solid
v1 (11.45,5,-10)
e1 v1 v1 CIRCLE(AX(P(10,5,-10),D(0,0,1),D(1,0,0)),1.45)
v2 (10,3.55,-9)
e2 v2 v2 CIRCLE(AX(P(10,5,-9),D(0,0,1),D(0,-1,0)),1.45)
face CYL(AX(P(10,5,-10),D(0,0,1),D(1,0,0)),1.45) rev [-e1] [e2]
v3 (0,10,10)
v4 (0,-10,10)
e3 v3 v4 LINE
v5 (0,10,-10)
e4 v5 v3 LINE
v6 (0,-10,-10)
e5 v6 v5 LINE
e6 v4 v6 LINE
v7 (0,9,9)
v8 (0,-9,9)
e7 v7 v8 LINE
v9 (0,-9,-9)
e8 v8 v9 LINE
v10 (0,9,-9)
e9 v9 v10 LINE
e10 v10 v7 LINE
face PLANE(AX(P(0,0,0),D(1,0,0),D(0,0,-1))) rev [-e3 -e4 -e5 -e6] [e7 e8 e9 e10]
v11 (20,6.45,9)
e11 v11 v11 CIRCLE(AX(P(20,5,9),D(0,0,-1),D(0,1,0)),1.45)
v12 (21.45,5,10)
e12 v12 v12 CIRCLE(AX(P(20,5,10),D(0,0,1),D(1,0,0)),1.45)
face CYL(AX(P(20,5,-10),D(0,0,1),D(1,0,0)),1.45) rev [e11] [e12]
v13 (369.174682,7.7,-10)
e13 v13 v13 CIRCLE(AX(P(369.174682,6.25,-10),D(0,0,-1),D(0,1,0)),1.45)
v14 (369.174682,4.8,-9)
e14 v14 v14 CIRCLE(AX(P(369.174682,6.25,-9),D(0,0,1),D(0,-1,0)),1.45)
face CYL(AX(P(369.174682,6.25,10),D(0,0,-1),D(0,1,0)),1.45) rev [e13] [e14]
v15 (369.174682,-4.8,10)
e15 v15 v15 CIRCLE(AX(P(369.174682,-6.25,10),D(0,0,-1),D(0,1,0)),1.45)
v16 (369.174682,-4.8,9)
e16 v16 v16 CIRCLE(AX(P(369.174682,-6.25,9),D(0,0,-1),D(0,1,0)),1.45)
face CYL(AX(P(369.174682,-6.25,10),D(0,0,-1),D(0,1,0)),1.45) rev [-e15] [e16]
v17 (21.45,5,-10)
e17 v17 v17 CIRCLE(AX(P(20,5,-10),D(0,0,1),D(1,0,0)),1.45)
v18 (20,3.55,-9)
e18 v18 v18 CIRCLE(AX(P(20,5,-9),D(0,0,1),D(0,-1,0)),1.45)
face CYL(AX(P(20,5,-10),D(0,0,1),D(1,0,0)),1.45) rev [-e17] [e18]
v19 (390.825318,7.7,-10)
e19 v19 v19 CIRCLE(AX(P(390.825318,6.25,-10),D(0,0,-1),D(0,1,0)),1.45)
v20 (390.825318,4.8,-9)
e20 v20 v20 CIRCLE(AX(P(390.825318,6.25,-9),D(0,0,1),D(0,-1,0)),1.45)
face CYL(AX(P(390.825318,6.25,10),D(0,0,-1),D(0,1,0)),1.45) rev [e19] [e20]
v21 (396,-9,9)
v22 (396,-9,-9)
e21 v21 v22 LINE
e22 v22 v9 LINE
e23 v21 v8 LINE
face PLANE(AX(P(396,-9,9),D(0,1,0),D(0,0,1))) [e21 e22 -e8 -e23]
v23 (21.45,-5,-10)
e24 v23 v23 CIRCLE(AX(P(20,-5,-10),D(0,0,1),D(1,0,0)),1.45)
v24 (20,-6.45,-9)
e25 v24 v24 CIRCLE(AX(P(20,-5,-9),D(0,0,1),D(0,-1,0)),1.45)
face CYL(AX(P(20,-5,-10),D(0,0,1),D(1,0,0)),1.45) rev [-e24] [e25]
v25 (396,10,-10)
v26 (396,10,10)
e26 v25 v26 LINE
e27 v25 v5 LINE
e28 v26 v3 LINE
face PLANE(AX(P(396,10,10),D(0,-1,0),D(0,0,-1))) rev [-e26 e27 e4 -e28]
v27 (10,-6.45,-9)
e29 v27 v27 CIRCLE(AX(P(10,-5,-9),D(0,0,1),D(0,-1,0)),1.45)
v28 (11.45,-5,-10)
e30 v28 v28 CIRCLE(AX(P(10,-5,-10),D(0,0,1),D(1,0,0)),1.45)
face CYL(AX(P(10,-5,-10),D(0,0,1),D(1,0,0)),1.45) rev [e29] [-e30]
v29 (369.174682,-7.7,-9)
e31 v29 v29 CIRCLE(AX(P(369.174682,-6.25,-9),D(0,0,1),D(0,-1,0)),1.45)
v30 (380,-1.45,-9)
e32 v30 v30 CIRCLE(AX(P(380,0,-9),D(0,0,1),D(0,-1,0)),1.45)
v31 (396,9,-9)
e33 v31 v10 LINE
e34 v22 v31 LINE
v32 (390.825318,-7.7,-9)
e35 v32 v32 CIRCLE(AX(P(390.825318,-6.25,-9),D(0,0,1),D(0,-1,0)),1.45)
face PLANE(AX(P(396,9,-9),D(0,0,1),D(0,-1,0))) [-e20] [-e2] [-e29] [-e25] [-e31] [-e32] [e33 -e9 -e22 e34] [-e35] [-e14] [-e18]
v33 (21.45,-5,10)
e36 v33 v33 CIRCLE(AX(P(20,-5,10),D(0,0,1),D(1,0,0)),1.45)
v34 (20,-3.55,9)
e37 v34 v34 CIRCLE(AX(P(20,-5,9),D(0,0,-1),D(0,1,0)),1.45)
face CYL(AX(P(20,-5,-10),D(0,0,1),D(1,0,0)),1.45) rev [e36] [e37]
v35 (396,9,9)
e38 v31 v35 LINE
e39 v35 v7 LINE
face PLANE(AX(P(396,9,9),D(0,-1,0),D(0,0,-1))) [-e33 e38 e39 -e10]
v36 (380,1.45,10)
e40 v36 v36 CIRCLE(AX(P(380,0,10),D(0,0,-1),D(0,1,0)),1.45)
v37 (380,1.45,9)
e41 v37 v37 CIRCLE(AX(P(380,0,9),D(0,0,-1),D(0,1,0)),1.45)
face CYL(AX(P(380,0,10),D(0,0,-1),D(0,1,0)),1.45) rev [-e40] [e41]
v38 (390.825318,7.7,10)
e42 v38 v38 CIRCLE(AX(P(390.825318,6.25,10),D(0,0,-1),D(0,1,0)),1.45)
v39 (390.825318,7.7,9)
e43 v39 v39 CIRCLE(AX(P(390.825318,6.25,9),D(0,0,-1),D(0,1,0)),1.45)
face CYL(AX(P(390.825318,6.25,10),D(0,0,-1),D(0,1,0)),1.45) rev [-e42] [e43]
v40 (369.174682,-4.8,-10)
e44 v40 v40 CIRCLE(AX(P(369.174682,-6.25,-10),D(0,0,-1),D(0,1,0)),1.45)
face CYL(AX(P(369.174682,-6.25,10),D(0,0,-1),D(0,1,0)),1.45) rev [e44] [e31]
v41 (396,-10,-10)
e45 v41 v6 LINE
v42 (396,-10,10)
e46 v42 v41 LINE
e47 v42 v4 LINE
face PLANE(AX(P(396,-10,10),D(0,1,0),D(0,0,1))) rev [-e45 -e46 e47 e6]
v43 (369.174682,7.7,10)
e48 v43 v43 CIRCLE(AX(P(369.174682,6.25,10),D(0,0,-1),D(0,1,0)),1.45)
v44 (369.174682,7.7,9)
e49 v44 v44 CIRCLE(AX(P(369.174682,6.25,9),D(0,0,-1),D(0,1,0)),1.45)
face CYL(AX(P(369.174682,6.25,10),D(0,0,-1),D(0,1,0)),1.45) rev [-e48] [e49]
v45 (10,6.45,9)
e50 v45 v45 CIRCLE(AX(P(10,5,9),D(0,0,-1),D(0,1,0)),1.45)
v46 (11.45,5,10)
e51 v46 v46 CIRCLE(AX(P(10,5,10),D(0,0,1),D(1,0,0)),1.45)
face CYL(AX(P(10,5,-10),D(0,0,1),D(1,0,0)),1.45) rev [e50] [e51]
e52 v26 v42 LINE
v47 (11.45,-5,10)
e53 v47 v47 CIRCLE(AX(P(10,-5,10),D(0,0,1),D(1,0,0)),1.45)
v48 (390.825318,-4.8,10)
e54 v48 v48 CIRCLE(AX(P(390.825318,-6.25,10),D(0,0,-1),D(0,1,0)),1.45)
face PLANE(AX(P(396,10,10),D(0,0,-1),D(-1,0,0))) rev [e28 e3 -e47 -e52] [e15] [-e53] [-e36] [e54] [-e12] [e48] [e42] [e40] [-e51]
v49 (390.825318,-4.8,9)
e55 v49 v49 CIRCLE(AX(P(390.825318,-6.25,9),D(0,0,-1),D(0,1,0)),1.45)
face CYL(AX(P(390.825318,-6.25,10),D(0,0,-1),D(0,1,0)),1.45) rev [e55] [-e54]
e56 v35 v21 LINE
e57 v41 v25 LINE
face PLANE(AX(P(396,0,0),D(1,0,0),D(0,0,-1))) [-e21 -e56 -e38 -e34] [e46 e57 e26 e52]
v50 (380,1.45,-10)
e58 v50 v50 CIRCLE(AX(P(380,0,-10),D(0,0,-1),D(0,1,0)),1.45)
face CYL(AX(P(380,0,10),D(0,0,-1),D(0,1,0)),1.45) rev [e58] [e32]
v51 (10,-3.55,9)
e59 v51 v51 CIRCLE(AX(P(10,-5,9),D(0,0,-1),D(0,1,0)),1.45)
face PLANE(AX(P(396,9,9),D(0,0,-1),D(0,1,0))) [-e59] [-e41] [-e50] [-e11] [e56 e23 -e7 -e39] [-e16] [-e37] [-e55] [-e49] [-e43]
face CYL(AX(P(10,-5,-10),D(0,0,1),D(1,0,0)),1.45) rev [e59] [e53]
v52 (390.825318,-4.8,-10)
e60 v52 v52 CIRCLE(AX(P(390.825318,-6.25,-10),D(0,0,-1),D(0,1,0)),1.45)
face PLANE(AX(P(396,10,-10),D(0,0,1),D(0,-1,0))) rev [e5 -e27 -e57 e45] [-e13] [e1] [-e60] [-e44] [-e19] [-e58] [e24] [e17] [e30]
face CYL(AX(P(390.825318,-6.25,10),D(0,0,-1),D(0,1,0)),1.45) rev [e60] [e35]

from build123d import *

# Parameters (mm, degrees)
SKETCH_1_W          = 20
SKETCH_1_H          = 20
SKETCH_1_W_2        = 18
SKETCH_1_H_2        = 18
EXTRUDE_1_DEPTH     = 396
SKETCH_2_R          = 1.45
CUT_EXTRUDE_1_DEPTH = 397.630810704
SKETCH_3_R          = 1.45
CUT_EXTRUDE_2_DEPTH = 397.630810704


with BuildPart() as part:
    # 草图1 → 凸台-拉伸1 (new body)
    with BuildSketch(Plane(origin=(0, 0, 0), x_dir=(0, 0, -1), z_dir=(1, 0, 0))):
        Rectangle(SKETCH_1_W, SKETCH_1_H)
        Rectangle(SKETCH_1_W_2, SKETCH_1_H_2, mode=Mode.SUBTRACT)
    extrude(amount=EXTRUDE_1_DEPTH)

    # 草图2 → 切除-拉伸1 (cut, through all)
    with BuildSketch(Plane(origin=(0, 0, -10), x_dir=(-1, 0, 0), z_dir=(0, 0, -1))):
        with Locations((-380, -12.5)):
            Circle(SKETCH_2_R)
        with Locations(Location((-390.825317547, -6.25, 0), (0, 0, 90))):
            Circle(SKETCH_2_R)
        with Locations(Location((-390.825317547, 6.25, 0), (0, 0, 90))):
            Circle(SKETCH_2_R)
        with Locations((-380, 12.5)):
            Circle(SKETCH_2_R)
        with Locations(Location((-369.174682453, 6.25, 0), (0, 0, 90))):
            Circle(SKETCH_2_R)
        with Locations(Location((-369.174682453, -6.25, 0), (0, 0, 90))):
            Circle(SKETCH_2_R)
        with Locations(Location((-380, 0, 0), (0, 0, 90))):
            Circle(SKETCH_2_R)
    extrude(amount=-CUT_EXTRUDE_1_DEPTH, mode=Mode.SUBTRACT)

    # 草图3 → 切除-拉伸2 (cut, through all)
    with BuildSketch(Plane.XY.offset(10)):
        with Locations((10, 5)):
            Circle(SKETCH_3_R)
        with Locations((20, 5)):
            Circle(SKETCH_3_R)
        with Locations((10, -5)):
            Circle(SKETCH_3_R)
        with Locations((20, -5)):
            Circle(SKETCH_3_R)
        with Locations(Location((369.174682453, 6.25, 0), (0, 0, 90))):
            Circle(SKETCH_3_R)
        with Locations(Location((380, 0, 0), (0, 0, 90))):
            Circle(SKETCH_3_R)
        with Locations(Location((369.174682453, -6.25, 0), (0, 0, 90))):
            Circle(SKETCH_3_R)
        with Locations(Location((390.825317547, -6.25, 0), (0, 0, 90))):
            Circle(SKETCH_3_R)
        with Locations(Location((390.825317547, 6.25, 0), (0, 0, 90))):
            Circle(SKETCH_3_R)
    extrude(amount=-CUT_EXTRUDE_2_DEPTH, mode=Mode.SUBTRACT)


solid = part.part
